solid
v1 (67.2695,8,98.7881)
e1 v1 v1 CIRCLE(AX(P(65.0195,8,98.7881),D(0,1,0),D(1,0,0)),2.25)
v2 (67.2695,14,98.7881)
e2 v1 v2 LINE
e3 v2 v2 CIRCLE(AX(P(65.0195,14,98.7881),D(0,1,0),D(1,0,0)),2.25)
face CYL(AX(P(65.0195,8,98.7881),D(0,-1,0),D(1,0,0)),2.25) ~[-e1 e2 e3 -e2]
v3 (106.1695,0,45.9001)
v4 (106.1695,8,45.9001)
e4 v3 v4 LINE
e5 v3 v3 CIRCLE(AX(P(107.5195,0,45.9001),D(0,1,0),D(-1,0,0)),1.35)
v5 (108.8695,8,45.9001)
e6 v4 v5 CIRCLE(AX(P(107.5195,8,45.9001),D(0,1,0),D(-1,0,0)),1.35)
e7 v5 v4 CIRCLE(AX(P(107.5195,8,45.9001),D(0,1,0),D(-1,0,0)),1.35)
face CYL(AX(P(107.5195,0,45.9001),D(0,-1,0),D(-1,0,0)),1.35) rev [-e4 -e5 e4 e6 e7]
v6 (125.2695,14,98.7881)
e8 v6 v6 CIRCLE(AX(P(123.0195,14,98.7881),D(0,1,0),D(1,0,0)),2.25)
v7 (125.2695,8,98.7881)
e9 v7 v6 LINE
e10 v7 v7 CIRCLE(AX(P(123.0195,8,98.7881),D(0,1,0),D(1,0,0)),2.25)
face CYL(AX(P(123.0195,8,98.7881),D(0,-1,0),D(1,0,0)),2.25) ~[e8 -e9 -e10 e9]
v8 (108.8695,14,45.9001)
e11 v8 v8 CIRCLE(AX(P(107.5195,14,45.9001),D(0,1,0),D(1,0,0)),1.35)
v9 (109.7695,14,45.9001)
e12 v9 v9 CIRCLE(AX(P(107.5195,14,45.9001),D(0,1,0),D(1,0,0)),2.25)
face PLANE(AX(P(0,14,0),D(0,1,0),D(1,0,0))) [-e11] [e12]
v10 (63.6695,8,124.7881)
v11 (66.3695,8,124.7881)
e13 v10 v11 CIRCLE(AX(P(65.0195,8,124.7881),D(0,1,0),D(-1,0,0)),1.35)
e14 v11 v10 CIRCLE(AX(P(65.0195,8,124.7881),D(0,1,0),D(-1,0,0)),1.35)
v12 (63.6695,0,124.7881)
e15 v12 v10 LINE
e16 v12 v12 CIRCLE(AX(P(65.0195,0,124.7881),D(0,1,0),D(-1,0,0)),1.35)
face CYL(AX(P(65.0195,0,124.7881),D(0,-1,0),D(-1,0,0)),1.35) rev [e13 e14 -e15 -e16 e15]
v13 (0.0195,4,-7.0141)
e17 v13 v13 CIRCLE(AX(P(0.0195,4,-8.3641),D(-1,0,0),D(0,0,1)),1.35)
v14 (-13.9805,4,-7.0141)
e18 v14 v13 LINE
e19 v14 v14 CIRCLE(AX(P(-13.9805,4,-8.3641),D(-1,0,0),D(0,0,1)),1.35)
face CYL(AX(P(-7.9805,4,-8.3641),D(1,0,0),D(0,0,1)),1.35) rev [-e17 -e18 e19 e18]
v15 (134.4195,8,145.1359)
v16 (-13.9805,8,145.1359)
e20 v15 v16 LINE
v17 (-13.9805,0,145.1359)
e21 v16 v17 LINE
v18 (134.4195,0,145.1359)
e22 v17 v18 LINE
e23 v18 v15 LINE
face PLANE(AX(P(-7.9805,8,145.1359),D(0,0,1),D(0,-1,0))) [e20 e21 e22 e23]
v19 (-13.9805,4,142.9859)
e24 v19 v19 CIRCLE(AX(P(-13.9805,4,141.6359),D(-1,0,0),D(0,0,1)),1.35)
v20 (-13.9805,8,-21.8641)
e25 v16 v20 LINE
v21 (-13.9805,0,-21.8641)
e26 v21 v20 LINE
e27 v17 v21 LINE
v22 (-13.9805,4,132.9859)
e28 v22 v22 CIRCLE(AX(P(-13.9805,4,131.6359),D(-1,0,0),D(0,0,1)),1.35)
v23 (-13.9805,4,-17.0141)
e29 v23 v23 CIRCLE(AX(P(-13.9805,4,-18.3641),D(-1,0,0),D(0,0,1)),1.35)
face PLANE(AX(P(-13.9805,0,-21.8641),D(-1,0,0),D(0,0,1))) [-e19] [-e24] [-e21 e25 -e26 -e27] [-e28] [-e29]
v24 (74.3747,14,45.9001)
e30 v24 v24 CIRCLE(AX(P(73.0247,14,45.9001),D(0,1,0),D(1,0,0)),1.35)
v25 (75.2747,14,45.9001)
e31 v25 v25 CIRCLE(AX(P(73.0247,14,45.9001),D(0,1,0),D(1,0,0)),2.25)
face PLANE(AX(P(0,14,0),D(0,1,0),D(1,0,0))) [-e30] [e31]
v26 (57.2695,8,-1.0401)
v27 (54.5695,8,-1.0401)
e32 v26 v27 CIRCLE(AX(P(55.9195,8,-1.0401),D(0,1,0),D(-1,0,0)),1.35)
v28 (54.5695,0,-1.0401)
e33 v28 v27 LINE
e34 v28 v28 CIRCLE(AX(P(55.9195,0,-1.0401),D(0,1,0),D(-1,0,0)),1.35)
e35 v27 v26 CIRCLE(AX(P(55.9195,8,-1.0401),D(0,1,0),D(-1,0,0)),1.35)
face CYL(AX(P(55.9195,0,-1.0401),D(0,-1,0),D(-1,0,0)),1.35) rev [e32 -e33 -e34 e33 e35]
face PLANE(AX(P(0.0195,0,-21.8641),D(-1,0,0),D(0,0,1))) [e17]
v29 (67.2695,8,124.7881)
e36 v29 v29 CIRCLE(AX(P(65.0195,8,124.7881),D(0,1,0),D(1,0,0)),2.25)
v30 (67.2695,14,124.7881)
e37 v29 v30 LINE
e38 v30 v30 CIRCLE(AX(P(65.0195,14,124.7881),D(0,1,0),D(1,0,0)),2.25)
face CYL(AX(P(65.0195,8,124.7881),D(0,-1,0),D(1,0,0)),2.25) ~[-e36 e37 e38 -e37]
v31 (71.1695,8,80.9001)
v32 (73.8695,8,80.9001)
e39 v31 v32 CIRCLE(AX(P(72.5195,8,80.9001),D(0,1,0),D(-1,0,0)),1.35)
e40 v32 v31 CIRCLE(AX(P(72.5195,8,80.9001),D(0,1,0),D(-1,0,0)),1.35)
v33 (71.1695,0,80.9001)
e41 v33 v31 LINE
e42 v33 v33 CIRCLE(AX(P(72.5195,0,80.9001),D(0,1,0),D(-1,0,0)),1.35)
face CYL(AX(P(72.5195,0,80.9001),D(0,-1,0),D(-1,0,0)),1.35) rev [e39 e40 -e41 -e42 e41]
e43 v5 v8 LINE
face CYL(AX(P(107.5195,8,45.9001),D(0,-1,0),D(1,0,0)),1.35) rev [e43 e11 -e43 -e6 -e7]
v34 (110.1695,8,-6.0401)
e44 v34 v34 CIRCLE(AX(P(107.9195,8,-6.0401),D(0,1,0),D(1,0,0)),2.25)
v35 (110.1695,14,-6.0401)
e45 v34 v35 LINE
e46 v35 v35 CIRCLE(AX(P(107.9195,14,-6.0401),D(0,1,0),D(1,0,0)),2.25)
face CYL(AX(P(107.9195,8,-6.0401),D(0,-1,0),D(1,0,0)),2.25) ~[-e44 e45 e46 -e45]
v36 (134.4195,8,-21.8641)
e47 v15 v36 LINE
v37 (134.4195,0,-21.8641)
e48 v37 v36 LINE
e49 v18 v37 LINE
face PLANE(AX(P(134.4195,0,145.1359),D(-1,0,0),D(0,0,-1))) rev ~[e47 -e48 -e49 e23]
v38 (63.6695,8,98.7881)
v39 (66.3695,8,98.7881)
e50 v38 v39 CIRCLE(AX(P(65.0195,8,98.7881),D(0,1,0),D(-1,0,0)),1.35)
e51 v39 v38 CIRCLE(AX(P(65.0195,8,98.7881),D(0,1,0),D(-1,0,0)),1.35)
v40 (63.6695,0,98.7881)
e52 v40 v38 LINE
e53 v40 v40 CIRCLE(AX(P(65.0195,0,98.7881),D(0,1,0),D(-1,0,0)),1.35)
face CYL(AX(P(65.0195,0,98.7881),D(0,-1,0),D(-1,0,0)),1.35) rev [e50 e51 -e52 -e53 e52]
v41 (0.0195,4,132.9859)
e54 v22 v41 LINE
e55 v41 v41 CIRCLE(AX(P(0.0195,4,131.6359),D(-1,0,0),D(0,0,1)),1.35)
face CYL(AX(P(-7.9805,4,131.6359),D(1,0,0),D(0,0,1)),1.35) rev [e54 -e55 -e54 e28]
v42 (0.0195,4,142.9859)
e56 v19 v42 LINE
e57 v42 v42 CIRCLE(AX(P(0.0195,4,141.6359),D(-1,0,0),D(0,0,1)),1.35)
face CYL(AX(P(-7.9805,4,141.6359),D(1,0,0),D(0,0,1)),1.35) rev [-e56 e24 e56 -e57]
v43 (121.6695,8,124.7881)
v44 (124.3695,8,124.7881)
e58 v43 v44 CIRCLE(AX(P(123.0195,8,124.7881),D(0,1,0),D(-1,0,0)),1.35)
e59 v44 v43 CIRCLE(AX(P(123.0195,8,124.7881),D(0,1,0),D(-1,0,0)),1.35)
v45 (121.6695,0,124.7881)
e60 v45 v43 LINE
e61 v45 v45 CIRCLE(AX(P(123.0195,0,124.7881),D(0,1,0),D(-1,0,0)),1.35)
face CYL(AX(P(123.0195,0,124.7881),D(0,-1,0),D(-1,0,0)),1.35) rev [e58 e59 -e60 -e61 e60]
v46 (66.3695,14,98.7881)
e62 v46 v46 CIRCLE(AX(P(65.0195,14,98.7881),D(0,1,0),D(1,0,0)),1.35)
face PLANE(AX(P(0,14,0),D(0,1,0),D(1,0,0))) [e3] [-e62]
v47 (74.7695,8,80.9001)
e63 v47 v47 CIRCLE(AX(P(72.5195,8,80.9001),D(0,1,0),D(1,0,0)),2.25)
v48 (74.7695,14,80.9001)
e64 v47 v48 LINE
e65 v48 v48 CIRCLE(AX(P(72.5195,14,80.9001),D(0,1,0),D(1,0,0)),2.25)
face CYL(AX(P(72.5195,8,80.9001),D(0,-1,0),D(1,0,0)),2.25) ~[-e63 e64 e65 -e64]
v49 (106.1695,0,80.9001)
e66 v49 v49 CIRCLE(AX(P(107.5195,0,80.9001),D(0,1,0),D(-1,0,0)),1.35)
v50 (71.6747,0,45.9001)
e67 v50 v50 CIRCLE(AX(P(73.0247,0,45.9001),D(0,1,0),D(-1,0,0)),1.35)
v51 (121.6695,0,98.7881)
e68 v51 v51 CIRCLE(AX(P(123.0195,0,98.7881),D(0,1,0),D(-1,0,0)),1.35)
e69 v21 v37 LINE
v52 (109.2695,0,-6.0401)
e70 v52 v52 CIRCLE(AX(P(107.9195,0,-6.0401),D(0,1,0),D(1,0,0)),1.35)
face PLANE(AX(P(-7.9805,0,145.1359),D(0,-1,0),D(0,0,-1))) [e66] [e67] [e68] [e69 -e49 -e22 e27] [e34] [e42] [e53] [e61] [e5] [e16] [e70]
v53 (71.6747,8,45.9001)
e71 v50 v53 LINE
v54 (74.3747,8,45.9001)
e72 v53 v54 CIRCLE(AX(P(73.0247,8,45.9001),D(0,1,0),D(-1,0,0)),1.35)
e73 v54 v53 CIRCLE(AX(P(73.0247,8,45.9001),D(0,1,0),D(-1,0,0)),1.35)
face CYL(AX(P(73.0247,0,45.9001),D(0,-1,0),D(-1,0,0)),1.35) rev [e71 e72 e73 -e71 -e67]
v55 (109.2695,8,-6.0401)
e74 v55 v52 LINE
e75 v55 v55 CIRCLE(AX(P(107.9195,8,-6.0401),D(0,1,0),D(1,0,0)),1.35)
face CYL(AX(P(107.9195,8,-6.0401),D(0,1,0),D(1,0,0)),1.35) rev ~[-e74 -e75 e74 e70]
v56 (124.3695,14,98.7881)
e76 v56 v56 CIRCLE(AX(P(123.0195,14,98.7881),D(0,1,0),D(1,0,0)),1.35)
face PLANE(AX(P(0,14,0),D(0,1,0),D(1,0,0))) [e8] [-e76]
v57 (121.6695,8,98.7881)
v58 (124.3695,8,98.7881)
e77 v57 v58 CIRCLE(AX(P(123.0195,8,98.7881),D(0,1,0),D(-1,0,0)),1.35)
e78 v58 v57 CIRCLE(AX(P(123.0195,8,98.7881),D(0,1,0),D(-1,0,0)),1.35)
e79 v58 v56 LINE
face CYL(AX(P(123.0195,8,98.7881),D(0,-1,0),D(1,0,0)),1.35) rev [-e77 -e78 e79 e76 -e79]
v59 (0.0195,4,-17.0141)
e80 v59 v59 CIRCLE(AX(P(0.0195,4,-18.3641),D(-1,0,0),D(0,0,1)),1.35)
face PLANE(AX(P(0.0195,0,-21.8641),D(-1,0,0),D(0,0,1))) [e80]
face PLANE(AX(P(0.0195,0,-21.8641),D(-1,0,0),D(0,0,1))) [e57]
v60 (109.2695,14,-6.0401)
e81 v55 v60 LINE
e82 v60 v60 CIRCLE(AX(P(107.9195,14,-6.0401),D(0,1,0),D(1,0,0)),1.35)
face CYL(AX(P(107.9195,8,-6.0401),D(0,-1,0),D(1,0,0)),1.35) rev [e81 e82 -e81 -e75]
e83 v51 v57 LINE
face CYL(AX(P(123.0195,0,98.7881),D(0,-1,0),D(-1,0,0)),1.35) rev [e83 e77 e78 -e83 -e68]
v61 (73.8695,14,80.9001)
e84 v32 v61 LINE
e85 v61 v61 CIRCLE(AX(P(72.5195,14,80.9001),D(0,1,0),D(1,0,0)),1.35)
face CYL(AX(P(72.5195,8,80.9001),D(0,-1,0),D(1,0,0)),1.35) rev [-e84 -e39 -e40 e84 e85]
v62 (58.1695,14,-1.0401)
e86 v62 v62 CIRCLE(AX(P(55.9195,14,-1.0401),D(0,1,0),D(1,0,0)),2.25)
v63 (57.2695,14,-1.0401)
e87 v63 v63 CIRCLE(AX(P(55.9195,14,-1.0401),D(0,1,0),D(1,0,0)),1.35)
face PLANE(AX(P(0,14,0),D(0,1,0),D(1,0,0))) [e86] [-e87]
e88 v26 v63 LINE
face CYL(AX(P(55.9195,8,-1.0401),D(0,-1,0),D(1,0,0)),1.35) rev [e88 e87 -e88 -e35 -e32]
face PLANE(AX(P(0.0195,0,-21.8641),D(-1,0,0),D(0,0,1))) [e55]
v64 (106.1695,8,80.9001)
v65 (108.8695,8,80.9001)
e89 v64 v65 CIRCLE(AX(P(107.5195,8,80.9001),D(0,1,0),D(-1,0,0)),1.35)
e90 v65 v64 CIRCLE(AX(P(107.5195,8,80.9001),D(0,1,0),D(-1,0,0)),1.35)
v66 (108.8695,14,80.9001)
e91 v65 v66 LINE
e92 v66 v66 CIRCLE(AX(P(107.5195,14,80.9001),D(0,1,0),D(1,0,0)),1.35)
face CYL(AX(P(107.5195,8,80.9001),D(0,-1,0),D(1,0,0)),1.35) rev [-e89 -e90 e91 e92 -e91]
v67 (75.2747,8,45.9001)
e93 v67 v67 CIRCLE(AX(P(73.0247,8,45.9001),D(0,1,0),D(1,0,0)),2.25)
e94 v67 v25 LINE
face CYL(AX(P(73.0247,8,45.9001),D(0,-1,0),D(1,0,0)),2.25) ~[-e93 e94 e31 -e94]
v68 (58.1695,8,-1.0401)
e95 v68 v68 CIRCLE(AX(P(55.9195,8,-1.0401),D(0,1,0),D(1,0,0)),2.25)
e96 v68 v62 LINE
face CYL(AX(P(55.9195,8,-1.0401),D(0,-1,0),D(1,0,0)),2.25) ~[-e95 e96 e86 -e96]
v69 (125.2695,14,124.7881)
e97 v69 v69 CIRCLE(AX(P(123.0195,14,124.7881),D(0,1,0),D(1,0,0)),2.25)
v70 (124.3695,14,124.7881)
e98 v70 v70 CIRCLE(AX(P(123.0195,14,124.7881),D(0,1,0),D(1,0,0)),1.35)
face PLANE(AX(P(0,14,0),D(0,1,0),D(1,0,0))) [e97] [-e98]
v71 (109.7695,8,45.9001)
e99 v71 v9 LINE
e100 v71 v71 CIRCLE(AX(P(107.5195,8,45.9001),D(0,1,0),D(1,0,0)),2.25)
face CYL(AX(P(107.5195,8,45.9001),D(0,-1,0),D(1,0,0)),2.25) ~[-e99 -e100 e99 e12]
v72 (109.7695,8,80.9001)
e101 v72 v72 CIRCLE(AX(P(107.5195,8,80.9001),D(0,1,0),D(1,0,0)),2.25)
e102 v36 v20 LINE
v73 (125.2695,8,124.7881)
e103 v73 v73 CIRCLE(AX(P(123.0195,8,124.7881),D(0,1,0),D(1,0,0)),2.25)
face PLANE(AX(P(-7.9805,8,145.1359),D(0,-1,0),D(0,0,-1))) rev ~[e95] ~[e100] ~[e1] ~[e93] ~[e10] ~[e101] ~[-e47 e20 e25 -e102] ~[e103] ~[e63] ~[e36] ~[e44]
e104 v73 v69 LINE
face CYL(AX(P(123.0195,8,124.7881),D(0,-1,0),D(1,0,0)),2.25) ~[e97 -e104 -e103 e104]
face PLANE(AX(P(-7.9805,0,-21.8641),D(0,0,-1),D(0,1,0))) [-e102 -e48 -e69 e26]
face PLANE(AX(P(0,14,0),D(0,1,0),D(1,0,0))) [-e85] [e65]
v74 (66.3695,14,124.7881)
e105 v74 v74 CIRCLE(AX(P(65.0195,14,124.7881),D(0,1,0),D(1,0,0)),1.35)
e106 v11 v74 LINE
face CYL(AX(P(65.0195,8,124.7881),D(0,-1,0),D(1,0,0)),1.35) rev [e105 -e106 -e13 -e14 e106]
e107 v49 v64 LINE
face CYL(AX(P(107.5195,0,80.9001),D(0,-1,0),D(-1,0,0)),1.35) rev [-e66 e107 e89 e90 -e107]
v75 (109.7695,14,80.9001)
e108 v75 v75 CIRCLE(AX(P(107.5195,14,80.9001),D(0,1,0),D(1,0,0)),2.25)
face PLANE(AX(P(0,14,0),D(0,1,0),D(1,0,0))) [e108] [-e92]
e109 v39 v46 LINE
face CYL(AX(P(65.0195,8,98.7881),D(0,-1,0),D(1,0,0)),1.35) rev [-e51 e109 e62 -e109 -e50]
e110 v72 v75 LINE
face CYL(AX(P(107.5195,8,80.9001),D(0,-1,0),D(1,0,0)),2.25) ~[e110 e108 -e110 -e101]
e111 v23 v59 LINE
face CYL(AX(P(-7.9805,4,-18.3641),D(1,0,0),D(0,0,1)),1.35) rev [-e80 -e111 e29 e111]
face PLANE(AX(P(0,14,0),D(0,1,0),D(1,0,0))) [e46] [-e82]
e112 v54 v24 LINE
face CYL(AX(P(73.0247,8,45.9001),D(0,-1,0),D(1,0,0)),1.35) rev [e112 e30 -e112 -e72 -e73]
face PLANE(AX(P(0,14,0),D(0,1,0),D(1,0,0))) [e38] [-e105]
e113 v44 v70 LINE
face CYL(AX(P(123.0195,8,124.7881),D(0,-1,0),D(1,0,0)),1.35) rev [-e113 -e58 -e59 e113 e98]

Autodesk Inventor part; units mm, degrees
ref_plane "YZ Plane" through (0, 0, 0) normal (1, 0, 0) x (0, 1, 0)
ref_plane "XZ Plane" through (0, 0, 0) normal (0, 1, 0) x (-1, 0, 0)
ref_plane "XY Plane" through (0, 0, 0) normal (0, 0, 1) x (1, 0, 0)
sketch "Sketch1" plane through (0, 0, 0) normal (0, 1, 0) x (-1, 0, 0)
  line L0 (7.9805, 145.1359) -> (-134.4195, 145.1359)
  line L1 (-134.4195, 145.1359) -> (-134.4195, -21.8641)
  line L2 (-134.4195, -21.8641) -> (7.9805, -21.8641)
  line L3 (7.9805, -21.8641) -> (7.9805, 145.1359)
  line L4 (3.9805, 145.1359) -> (-50.0195, 145.1359)
  line L5 (-50.0195, 145.1359) -> (-50.0195, -21.8641)
  line L6 (-50.0195, -21.8641) -> (3.9805, -21.8641)
  line L7 (3.9805, -21.8641) -> (3.9805, 145.1359)
  line L8 (-126.2985, 137.7454) -> (-60.6985, 137.7454)
  line L9 (-60.6985, 137.7454) -> (-60.6985, 90.7454)
  line L10 (-60.6985, 90.7454) -> (-126.2985, 90.7454)
  line L11 (-126.2985, 90.7454) -> (-126.2985, 137.7454)
  line L12 (-67.0823, 41.9001) -> (-116.0823, 41.9001)
  line L13 (-116.0823, 41.9001) -> (-116.0823, 84.9001)
  line L14 (-116.0823, 84.9001) -> (-67.0823, 84.9001)
  line L15 (-67.0823, 84.9001) -> (-67.0823, 41.9001)
  line L16 (-127.0195, -15.0401) -> (-51.5195, -15.0401)
  line L17 (-51.5195, -15.0401) -> (-51.5195, 38.9599)
  line L18 (-51.5195, 38.9599) -> (-127.0195, 38.9599)
  line L19 (-127.0195, 38.9599) -> (-127.0195, -15.0401)
  circle A0 centre (-55.9195, -1.0401) radius 1.35
  circle A1 centre (-73.0247, 45.9001) radius 1.35
  circle A2 centre (-72.5195, 80.9001) radius 1.35
  circle A3 centre (-107.5195, 45.9001) radius 1.35
  circle A4 centre (-107.5195, 80.9001) radius 1.35
  circle A5 centre (-65.0195, 98.7881) radius 1.35
  circle A6 centre (-65.0195, 124.7881) radius 1.35
  circle A7 centre (-123.0195, 98.7881) radius 1.35
  circle A8 centre (-123.0195, 124.7881) radius 1.35
  circle A9 centre (-106.0195, 35.9599) radius 1.35
  point P0 (0, 0)
  point P1 (-63.2195, -21.8641)
  dimension "d0" = 142.4
  dimension "d1" = 167
  dimension "d2" = 54
  dimension "d3" = 4
  dimension "d21" = 47
  dimension "d22" = 49
  dimension "d23" = 43
  dimension "d25" = 54
  dimension "d27" = 77
  dimension "d29" = 2.7
  dimension "d31" = 14
  dimension "d32" = 71.1
  dimension "d33" = 2.7
  dimension "d34" = 2.7
  dimension "d35" = 2.7
  dimension "d36" = 2.7
  dimension "d52" = 2.7
  dimension "d53" = 2.7
  dimension "d54" = 26
  dimension "d55" = 2.7
  dimension "d56" = 2.7
  dimension "d57" = 26
  dimension "d59" = 58
  dimension "d60" = 15
  dimension "d77" = 2.7
extrude "Extrusion1" add sketch "Sketch1" along normal blind 8 contours L3 L2 L7 L0 | L7 L2 L5 L0 | L5 L2 L1 L0 | L8 L9 L10 L11 | L12 L13 L14 L15 | L19 L18 L17 L16 | A9
sketch "Sketch2" plane through (-7.9805, 0, -21.8641) normal (-1, 0, 0) x (0, 0, 1)
  circle A0 centre (13.5, 4) radius 1.35
  circle A1 centre (153.5, 4) radius 1.35
  line L0 (167, 0) -> (167, 8) projected
  circle A2 centre (3.5, 4) radius 1.35
  circle A3 centre (163.5, 4) radius 1.35
  point P0 (21.8641, 0)
  dimension "d63" = 2.7
  dimension "d64" = 2.7
  dimension "d65" = 140
  dimension "d67" = 2.7
  dimension "d68" = 2.7
  dimension "d69" = 10
  dimension "d70" = 10
extrude "Extrusion2" cut sketch "Sketch2" against normal blind 8
sketch "Sketch3" plane through (0, 8, 0) normal (0, 1, 0) x (1, 0, 0)
  circle A0 centre (107.9195, 6.0401) radius 1.35
  circle A1 centre (55.9195, 1.0401) radius 1.35 projected
  point P0 (0, 0)
  dimension "d78" = 2.7
  dimension "d79" = 5
  dimension "d80" = 52
extrude "Extrusion3" cut sketch "Sketch3" against normal through all contours A0
sketch "Sketch4" plane through (0, 8, 0) normal (0, 1, 0) x (1, 0, 0)
  circle A0 centre (107.9195, 6.0401) radius 1.35 projected
  circle A1 centre (107.9195, 6.0401) radius 2.25
  circle A2 centre (107.5195, -45.9001) radius 1.35 projected
  circle A3 centre (107.5195, -45.9001) radius 2.25
  circle A4 centre (55.9195, 1.0401) radius 1.35 projected
  circle A5 centre (55.9195, 1.0401) radius 2.25
  circle A6 centre (73.0247, -45.9001) radius 1.35 projected
  circle A7 centre (73.0247, -45.9001) radius 2.25
  circle A8 centre (72.5195, -80.9001) radius 1.35 projected
  circle A9 centre (72.5195, -80.9001) radius 2.25
  circle A10 centre (107.5195, -80.9001) radius 1.35 projected
  circle A11 centre (107.5195, -80.9001) radius 2.25
  circle A12 centre (123.0195, -98.7881) radius 1.35 projected
  circle A13 centre (123.0195, -98.7881) radius 2.25
  circle A14 centre (65.0195, -98.7881) radius 1.35 projected
  circle A15 centre (65.0195, -98.7881) radius 2.25
  circle A16 centre (65.0195, -124.7881) radius 1.35 projected
  circle A17 centre (65.0195, -124.7881) radius 2.25
  circle A18 centre (123.0195, -124.7881) radius 1.35 projected
  circle A19 centre (123.0195, -124.7881) radius 2.25
  circle A20 centre (107.9195, 6.0401) radius 1.35
  circle A21 centre (107.5195, -45.9001) radius 1.35
  circle A22 centre (55.9195, 1.0401) radius 1.35
  circle A23 centre (73.0247, -45.9001) radius 1.35
  circle A24 centre (107.5195, -80.9001) radius 1.35
  circle A25 centre (72.5195, -80.9001) radius 1.35
  circle A26 centre (65.0195, -98.7881) radius 1.35
  circle A27 centre (123.0195, -98.7881) radius 1.35
  circle A28 centre (123.0195, -124.7881) radius 1.35
  circle A29 centre (65.0195, -124.7881) radius 1.35
  point P0 (0, 0)
  dimension "d83" = 4.5
  dimension "d84" = 4.5
  dimension "d85" = 4.5
  dimension "d86" = 4.5
  dimension "d87" = 4.5
  dimension "d88" = 4.5
  dimension "d89" = 4.5
  dimension "d90" = 4.5
  dimension "d91" = 4.5
  dimension "d92" = 4.5
  dimension "d93" = 2.7
  dimension "d94" = 2.7
  dimension "d95" = 2.7
  dimension "d96" = 2.7
  dimension "d97" = 2.7
  dimension "d98" = 2.7
  dimension "d99" = 2.7
  dimension "d100" = 2.7
  dimension "d101" = 2.7
extrude "Extrusion4" add sketch "Sketch4" along normal blind 6
sketch "Sketch5" plane through (-7.9805, 0, -21.8641) normal (-1, 0, 0) x (0, 0, 1)
  line L0 (167, 8) -> (0, 8) projected
  line L1 (0, 8) -> (167, 8)
  line L2 (167, 8) -> (167, 0)
  line L3 (167, 0) -> (0, 0)
  line L4 (0, 0) -> (0, 8)
  circle A0 centre (13.5, 4) radius 1.35 projected
  circle A1 centre (13.5, 4) radius 1.35
  circle A2 centre (3.5, 4) radius 1.35 projected
  circle A3 centre (3.5, 4) radius 1.35
  circle A4 centre (153.5, 4) radius 1.35 projected
  circle A5 centre (153.5, 4) radius 1.35
  circle A6 centre (163.5, 4) radius 1.35 projected
  circle A7 centre (163.5, 4) radius 1.35
  point P0 (21.8641, 0)
extrude "Extrusion5" add sketch "Sketch5" along normal blind 6
properties part number "house"
